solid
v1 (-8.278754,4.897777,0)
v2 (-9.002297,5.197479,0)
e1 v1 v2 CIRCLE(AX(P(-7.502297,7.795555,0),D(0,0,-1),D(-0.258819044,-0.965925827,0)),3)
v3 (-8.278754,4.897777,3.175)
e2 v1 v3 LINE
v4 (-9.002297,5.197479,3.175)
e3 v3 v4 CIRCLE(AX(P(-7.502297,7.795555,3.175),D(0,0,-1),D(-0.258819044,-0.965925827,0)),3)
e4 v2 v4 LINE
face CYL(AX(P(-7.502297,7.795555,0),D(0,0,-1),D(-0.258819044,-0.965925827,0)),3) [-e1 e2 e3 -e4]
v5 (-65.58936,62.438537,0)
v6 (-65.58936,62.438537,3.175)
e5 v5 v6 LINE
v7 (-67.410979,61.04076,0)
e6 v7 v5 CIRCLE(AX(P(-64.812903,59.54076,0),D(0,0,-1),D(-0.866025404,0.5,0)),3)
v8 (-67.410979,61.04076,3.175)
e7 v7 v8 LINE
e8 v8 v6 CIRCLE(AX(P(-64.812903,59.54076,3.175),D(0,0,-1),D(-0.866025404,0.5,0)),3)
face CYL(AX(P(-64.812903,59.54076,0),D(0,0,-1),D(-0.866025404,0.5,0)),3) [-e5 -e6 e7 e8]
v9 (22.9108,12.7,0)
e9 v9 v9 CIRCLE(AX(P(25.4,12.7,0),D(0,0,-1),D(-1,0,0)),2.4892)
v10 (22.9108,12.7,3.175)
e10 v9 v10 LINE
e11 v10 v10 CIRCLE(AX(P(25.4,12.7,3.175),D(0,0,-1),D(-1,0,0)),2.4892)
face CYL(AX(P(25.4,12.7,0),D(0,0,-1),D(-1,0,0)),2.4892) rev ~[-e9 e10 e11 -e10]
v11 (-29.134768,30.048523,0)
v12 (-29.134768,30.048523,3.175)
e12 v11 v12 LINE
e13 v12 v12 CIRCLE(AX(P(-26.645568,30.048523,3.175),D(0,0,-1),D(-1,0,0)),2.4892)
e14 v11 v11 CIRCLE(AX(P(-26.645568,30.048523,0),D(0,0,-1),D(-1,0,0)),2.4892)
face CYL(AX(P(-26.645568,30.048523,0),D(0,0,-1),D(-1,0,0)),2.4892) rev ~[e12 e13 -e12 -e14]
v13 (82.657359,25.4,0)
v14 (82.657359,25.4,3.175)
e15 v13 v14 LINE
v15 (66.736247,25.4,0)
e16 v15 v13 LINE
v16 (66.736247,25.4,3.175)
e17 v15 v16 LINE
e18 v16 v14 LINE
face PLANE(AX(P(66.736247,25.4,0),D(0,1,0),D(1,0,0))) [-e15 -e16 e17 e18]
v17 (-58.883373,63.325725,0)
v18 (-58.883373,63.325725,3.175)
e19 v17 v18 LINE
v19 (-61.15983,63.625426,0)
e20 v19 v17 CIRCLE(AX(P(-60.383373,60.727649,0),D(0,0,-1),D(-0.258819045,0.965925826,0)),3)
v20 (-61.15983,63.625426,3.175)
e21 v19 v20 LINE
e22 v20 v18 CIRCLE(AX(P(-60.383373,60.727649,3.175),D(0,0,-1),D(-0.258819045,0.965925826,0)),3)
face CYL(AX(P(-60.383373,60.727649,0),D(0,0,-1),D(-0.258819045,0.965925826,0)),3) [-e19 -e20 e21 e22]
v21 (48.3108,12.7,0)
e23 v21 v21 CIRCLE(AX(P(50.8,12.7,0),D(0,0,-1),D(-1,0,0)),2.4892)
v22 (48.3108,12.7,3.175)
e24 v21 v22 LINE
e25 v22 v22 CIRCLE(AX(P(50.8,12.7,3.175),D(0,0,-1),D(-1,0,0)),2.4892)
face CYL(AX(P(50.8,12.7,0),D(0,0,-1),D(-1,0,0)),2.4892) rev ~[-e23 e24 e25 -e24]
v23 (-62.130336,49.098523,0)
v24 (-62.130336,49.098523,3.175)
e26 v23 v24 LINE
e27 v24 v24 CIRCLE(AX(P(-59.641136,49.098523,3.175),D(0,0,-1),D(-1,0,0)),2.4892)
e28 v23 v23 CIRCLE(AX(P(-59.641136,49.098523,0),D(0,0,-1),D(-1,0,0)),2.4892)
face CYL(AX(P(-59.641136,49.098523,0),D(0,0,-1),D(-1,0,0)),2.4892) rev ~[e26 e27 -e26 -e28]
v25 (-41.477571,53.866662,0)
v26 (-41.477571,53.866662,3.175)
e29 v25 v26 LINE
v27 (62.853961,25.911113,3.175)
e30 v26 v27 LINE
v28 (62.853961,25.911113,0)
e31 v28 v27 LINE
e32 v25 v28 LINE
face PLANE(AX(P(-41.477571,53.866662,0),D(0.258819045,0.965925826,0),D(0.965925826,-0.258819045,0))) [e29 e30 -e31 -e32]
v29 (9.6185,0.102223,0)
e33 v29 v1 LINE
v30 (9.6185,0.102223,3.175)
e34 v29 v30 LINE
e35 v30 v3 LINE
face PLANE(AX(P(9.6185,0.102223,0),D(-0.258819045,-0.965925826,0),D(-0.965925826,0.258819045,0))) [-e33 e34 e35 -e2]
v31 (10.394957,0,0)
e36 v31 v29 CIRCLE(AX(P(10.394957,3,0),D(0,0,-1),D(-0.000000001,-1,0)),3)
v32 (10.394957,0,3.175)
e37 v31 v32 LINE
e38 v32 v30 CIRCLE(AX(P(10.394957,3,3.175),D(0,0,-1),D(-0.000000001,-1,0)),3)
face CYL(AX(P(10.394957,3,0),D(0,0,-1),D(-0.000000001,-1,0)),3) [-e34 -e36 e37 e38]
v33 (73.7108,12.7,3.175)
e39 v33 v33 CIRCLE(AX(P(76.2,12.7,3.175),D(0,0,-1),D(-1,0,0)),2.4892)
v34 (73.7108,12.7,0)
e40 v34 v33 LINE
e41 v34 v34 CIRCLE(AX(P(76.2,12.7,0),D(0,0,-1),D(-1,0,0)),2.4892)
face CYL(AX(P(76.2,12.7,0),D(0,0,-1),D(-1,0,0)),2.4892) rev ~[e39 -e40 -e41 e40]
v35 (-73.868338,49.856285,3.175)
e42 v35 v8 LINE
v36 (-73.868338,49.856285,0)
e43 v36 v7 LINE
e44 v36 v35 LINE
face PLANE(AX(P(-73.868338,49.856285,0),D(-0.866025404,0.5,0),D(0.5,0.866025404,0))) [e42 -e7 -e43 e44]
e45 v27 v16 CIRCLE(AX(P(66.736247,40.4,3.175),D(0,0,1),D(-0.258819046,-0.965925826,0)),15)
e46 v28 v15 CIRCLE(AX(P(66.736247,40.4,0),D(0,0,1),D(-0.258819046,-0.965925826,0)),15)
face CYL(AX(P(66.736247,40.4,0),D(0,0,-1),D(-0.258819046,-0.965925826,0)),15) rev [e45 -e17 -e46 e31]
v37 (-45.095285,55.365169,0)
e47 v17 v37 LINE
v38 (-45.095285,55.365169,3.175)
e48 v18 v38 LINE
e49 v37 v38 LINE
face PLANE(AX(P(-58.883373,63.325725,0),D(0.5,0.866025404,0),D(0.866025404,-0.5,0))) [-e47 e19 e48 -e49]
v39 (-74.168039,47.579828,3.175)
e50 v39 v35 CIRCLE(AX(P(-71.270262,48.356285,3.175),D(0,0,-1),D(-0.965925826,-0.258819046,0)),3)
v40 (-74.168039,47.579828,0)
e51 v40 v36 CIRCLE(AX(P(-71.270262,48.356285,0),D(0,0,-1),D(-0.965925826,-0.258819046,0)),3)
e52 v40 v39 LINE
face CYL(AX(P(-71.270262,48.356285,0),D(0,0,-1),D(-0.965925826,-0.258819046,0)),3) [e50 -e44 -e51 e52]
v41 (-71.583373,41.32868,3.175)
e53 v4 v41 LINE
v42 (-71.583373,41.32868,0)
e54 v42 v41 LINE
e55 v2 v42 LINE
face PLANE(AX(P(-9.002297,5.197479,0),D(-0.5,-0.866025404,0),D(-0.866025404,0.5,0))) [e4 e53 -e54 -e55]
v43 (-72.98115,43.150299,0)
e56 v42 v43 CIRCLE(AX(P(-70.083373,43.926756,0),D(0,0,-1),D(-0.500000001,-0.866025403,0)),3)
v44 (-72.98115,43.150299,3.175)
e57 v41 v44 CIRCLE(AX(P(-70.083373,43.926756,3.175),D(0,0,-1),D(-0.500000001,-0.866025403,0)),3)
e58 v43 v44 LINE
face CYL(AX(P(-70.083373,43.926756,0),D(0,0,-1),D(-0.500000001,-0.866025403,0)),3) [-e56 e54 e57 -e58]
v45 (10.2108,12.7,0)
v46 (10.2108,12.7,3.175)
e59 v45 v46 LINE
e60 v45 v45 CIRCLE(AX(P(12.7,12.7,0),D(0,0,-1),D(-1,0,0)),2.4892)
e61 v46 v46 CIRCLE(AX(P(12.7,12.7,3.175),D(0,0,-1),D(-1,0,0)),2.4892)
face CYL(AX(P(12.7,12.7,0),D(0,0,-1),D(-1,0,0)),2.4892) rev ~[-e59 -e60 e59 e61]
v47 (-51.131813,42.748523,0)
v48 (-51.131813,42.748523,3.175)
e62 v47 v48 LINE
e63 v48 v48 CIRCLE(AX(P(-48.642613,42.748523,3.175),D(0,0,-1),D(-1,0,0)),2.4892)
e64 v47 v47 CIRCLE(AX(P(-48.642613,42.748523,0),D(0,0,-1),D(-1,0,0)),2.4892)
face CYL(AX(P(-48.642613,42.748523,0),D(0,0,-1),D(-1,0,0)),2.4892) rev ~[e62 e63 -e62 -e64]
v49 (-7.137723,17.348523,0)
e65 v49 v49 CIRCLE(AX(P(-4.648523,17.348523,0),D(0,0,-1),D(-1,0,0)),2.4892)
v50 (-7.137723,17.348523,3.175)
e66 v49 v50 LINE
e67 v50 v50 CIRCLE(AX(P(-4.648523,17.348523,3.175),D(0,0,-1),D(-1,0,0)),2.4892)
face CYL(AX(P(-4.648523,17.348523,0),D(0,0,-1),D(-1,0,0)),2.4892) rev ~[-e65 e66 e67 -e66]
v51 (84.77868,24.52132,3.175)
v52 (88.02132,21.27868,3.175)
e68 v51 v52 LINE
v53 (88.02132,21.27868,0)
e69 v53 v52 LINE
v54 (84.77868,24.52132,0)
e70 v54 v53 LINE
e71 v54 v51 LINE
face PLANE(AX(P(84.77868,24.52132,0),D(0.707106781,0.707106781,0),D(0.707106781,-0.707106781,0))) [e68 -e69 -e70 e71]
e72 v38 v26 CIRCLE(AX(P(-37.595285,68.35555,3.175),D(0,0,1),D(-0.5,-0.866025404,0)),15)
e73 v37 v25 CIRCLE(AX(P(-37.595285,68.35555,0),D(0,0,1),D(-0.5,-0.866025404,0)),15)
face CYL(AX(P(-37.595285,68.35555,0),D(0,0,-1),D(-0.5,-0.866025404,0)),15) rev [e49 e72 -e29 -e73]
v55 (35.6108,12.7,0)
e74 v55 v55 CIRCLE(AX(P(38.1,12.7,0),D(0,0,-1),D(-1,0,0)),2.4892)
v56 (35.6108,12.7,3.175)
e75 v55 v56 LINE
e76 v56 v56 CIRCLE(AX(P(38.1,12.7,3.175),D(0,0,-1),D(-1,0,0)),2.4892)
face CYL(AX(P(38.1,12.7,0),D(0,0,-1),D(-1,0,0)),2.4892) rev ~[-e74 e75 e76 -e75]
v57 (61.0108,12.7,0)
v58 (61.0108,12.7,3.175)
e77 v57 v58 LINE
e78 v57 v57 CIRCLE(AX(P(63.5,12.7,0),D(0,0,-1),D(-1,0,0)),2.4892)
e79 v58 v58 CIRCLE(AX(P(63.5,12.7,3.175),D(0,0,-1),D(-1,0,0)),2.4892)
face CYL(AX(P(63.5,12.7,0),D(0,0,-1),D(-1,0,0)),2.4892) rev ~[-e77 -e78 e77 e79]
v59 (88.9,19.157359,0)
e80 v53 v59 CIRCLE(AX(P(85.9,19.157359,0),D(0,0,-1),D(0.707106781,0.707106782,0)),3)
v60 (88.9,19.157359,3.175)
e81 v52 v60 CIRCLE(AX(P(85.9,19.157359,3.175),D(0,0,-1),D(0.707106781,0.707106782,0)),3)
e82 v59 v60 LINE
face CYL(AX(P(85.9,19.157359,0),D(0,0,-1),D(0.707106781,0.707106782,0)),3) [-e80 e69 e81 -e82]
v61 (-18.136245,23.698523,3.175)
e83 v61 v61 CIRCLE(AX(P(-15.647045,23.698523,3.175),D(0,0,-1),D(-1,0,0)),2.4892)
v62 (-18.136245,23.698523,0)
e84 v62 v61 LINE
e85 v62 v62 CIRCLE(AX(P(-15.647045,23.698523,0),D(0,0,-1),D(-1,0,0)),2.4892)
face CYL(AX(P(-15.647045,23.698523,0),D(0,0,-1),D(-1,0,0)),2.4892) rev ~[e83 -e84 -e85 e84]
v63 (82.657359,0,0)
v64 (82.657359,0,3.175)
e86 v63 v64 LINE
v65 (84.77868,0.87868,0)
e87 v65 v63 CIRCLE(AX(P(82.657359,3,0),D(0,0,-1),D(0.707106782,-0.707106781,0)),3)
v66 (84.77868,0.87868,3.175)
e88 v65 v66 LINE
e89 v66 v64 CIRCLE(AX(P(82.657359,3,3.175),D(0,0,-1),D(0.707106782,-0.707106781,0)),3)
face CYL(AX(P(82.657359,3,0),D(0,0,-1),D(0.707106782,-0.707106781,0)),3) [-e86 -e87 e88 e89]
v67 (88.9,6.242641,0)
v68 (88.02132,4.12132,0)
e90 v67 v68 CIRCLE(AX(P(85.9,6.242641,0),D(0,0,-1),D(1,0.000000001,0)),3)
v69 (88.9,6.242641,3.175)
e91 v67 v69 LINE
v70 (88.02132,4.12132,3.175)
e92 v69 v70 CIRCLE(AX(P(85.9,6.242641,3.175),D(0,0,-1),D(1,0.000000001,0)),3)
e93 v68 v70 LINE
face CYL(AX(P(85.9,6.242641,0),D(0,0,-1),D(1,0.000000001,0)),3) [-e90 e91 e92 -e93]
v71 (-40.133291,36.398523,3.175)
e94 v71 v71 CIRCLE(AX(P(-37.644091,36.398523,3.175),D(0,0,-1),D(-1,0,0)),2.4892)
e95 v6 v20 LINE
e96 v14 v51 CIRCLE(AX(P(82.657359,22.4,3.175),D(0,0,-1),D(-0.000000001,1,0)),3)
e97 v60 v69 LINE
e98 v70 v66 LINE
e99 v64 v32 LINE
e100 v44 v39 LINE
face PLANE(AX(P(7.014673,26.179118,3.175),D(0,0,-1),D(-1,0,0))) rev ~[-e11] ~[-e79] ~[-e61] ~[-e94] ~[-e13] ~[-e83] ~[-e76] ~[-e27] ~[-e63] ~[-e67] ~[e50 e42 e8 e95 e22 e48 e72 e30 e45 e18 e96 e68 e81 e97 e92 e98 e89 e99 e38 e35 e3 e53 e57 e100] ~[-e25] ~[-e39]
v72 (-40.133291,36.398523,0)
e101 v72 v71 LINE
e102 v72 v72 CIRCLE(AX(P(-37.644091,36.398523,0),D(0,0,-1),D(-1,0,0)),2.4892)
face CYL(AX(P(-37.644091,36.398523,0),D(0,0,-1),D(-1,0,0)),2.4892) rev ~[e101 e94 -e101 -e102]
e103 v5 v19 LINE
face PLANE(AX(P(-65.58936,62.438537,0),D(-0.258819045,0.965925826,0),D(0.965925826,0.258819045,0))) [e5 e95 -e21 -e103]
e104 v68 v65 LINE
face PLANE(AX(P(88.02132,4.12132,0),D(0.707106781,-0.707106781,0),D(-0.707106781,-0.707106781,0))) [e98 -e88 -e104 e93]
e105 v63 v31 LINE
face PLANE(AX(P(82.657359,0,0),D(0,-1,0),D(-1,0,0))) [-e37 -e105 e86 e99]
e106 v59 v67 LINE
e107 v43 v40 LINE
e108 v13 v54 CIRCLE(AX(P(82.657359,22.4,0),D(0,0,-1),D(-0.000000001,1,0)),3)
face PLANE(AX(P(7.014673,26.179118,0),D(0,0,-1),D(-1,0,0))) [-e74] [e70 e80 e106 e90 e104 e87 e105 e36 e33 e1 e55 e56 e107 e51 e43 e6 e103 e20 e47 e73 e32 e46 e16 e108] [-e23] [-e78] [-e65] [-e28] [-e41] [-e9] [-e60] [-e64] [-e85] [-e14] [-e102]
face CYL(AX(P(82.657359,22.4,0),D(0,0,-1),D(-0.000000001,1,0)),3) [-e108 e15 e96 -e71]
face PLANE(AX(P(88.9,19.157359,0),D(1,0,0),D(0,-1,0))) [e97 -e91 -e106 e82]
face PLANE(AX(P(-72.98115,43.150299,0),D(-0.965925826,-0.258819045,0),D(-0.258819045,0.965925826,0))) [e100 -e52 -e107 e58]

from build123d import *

# Parameters (mm, degrees)
SKETCH1_R           = 2.4892
BOSS_EXTRUDE1_DEPTH = 3.175


with BuildPart() as part:
    # Sketch1 → Boss-Extrude1 (new body)
    with BuildSketch(Plane(origin=(0, 0, 0), x_dir=(-1, 0, 0), z_dir=(0, 0, -1))):
        with BuildLine():
            Line((-82.657359313, 0), (-10.394957493, 0))
            ThreePointArc((-10.394957493, 0), (-10.003378916, 0.025665416), (-9.618500357, 0.102222521))
            Line((-9.618500357, 0.102222521), (8.278754395, 4.897777479))
            ThreePointArc((8.278754395, 4.897777479), (8.650347557, 5.02391636), (9.00229726, 5.197478746))
            Line((9.00229726, 5.197478746), (71.583372975, 41.328679656))
            ThreePointArc((71.583372975, 41.328679656), (72.463432996, 42.100471581), (72.981150454, 43.150298732))
            Line((72.981150454, 43.150298732), (74.16803932, 47.579828286))
            ThreePointArc((74.16803932, 47.579828286), (74.244596426, 48.747863998), (73.868338053, 49.856285422))
            Line((73.868338053, 49.856285422), (67.41097874, 61.040759834))
            ThreePointArc((67.41097874, 61.040759834), (66.639186816, 61.920819855), (65.589359664, 62.438537313))
            Line((65.589359664, 62.438537313), (61.15983011, 63.62542618))
            ThreePointArc((61.15983011, 63.62542618), (59.991794398, 63.701983285), (58.883372975, 63.325724913))
            Line((58.883372975, 63.325724913), (45.095284847, 55.365168521))
            ThreePointArc((45.095284847, 55.365168521), (43.335536333, 54.49735659), (41.477570524, 53.866662183))
            Line((41.477570524, 53.866662183), (-62.853960852, 25.911112606))
            ThreePointArc((-62.853960852, 25.911112606), (-64.778353646, 25.528327079), (-66.736246529, 25.4))
            Line((-66.736246529, 25.4), (-82.657359313, 25.4))
            ThreePointArc((-82.657359313, 25.4), (-83.80540961, 25.171638598), (-84.778679656, 24.521320344))
            Line((-84.778679656, 24.521320344), (-88.021320344, 21.278679656))
            ThreePointArc((-88.021320344, 21.278679656), (-88.671638598, 20.30540961), (-88.9, 19.157359313))
            Line((-88.9, 19.157359313), (-88.9, 6.242640687))
            ThreePointArc((-88.9, 6.242640687), (-88.671638598, 5.09459039), (-88.021320344, 4.121320344))
            Line((-88.021320344, 4.121320344), (-84.778679656, 0.878679656))
            ThreePointArc((-84.778679656, 0.878679656), (-83.80540961, 0.228361402), (-82.657359313, 0))
        make_face()
        with Locations((-12.7, 12.7)):
            Circle(SKETCH1_R, mode=Mode.SUBTRACT)
        with Locations((4.648522628, 17.348522628)):
            Circle(SKETCH1_R, mode=Mode.SUBTRACT)
        with Locations((-63.5, 12.7)):
            Circle(SKETCH1_R, mode=Mode.SUBTRACT)
        with Locations((-38.1, 12.7)):
            Circle(SKETCH1_R, mode=Mode.SUBTRACT)
        with Locations((26.645567884, 30.048522628)):
            Circle(SKETCH1_R, mode=Mode.SUBTRACT)
        with Locations((48.64261314, 42.748522628)):
            Circle(SKETCH1_R, mode=Mode.SUBTRACT)
        with Locations((-76.2, 12.7)):
            Circle(SKETCH1_R, mode=Mode.SUBTRACT)
        with Locations((-50.8, 12.7)):
            Circle(SKETCH1_R, mode=Mode.SUBTRACT)
        with Locations((-25.4, 12.7)):
            Circle(SKETCH1_R, mode=Mode.SUBTRACT)
        with Locations((15.647045256, 23.698522628)):
            Circle(SKETCH1_R, mode=Mode.SUBTRACT)
        with Locations((37.644090512, 36.398522628)):
            Circle(SKETCH1_R, mode=Mode.SUBTRACT)
        with Locations((59.641135768, 49.098522628)):
            Circle(SKETCH1_R, mode=Mode.SUBTRACT)
    extrude(amount=-BOSS_EXTRUDE1_DEPTH)


solid = part.part
